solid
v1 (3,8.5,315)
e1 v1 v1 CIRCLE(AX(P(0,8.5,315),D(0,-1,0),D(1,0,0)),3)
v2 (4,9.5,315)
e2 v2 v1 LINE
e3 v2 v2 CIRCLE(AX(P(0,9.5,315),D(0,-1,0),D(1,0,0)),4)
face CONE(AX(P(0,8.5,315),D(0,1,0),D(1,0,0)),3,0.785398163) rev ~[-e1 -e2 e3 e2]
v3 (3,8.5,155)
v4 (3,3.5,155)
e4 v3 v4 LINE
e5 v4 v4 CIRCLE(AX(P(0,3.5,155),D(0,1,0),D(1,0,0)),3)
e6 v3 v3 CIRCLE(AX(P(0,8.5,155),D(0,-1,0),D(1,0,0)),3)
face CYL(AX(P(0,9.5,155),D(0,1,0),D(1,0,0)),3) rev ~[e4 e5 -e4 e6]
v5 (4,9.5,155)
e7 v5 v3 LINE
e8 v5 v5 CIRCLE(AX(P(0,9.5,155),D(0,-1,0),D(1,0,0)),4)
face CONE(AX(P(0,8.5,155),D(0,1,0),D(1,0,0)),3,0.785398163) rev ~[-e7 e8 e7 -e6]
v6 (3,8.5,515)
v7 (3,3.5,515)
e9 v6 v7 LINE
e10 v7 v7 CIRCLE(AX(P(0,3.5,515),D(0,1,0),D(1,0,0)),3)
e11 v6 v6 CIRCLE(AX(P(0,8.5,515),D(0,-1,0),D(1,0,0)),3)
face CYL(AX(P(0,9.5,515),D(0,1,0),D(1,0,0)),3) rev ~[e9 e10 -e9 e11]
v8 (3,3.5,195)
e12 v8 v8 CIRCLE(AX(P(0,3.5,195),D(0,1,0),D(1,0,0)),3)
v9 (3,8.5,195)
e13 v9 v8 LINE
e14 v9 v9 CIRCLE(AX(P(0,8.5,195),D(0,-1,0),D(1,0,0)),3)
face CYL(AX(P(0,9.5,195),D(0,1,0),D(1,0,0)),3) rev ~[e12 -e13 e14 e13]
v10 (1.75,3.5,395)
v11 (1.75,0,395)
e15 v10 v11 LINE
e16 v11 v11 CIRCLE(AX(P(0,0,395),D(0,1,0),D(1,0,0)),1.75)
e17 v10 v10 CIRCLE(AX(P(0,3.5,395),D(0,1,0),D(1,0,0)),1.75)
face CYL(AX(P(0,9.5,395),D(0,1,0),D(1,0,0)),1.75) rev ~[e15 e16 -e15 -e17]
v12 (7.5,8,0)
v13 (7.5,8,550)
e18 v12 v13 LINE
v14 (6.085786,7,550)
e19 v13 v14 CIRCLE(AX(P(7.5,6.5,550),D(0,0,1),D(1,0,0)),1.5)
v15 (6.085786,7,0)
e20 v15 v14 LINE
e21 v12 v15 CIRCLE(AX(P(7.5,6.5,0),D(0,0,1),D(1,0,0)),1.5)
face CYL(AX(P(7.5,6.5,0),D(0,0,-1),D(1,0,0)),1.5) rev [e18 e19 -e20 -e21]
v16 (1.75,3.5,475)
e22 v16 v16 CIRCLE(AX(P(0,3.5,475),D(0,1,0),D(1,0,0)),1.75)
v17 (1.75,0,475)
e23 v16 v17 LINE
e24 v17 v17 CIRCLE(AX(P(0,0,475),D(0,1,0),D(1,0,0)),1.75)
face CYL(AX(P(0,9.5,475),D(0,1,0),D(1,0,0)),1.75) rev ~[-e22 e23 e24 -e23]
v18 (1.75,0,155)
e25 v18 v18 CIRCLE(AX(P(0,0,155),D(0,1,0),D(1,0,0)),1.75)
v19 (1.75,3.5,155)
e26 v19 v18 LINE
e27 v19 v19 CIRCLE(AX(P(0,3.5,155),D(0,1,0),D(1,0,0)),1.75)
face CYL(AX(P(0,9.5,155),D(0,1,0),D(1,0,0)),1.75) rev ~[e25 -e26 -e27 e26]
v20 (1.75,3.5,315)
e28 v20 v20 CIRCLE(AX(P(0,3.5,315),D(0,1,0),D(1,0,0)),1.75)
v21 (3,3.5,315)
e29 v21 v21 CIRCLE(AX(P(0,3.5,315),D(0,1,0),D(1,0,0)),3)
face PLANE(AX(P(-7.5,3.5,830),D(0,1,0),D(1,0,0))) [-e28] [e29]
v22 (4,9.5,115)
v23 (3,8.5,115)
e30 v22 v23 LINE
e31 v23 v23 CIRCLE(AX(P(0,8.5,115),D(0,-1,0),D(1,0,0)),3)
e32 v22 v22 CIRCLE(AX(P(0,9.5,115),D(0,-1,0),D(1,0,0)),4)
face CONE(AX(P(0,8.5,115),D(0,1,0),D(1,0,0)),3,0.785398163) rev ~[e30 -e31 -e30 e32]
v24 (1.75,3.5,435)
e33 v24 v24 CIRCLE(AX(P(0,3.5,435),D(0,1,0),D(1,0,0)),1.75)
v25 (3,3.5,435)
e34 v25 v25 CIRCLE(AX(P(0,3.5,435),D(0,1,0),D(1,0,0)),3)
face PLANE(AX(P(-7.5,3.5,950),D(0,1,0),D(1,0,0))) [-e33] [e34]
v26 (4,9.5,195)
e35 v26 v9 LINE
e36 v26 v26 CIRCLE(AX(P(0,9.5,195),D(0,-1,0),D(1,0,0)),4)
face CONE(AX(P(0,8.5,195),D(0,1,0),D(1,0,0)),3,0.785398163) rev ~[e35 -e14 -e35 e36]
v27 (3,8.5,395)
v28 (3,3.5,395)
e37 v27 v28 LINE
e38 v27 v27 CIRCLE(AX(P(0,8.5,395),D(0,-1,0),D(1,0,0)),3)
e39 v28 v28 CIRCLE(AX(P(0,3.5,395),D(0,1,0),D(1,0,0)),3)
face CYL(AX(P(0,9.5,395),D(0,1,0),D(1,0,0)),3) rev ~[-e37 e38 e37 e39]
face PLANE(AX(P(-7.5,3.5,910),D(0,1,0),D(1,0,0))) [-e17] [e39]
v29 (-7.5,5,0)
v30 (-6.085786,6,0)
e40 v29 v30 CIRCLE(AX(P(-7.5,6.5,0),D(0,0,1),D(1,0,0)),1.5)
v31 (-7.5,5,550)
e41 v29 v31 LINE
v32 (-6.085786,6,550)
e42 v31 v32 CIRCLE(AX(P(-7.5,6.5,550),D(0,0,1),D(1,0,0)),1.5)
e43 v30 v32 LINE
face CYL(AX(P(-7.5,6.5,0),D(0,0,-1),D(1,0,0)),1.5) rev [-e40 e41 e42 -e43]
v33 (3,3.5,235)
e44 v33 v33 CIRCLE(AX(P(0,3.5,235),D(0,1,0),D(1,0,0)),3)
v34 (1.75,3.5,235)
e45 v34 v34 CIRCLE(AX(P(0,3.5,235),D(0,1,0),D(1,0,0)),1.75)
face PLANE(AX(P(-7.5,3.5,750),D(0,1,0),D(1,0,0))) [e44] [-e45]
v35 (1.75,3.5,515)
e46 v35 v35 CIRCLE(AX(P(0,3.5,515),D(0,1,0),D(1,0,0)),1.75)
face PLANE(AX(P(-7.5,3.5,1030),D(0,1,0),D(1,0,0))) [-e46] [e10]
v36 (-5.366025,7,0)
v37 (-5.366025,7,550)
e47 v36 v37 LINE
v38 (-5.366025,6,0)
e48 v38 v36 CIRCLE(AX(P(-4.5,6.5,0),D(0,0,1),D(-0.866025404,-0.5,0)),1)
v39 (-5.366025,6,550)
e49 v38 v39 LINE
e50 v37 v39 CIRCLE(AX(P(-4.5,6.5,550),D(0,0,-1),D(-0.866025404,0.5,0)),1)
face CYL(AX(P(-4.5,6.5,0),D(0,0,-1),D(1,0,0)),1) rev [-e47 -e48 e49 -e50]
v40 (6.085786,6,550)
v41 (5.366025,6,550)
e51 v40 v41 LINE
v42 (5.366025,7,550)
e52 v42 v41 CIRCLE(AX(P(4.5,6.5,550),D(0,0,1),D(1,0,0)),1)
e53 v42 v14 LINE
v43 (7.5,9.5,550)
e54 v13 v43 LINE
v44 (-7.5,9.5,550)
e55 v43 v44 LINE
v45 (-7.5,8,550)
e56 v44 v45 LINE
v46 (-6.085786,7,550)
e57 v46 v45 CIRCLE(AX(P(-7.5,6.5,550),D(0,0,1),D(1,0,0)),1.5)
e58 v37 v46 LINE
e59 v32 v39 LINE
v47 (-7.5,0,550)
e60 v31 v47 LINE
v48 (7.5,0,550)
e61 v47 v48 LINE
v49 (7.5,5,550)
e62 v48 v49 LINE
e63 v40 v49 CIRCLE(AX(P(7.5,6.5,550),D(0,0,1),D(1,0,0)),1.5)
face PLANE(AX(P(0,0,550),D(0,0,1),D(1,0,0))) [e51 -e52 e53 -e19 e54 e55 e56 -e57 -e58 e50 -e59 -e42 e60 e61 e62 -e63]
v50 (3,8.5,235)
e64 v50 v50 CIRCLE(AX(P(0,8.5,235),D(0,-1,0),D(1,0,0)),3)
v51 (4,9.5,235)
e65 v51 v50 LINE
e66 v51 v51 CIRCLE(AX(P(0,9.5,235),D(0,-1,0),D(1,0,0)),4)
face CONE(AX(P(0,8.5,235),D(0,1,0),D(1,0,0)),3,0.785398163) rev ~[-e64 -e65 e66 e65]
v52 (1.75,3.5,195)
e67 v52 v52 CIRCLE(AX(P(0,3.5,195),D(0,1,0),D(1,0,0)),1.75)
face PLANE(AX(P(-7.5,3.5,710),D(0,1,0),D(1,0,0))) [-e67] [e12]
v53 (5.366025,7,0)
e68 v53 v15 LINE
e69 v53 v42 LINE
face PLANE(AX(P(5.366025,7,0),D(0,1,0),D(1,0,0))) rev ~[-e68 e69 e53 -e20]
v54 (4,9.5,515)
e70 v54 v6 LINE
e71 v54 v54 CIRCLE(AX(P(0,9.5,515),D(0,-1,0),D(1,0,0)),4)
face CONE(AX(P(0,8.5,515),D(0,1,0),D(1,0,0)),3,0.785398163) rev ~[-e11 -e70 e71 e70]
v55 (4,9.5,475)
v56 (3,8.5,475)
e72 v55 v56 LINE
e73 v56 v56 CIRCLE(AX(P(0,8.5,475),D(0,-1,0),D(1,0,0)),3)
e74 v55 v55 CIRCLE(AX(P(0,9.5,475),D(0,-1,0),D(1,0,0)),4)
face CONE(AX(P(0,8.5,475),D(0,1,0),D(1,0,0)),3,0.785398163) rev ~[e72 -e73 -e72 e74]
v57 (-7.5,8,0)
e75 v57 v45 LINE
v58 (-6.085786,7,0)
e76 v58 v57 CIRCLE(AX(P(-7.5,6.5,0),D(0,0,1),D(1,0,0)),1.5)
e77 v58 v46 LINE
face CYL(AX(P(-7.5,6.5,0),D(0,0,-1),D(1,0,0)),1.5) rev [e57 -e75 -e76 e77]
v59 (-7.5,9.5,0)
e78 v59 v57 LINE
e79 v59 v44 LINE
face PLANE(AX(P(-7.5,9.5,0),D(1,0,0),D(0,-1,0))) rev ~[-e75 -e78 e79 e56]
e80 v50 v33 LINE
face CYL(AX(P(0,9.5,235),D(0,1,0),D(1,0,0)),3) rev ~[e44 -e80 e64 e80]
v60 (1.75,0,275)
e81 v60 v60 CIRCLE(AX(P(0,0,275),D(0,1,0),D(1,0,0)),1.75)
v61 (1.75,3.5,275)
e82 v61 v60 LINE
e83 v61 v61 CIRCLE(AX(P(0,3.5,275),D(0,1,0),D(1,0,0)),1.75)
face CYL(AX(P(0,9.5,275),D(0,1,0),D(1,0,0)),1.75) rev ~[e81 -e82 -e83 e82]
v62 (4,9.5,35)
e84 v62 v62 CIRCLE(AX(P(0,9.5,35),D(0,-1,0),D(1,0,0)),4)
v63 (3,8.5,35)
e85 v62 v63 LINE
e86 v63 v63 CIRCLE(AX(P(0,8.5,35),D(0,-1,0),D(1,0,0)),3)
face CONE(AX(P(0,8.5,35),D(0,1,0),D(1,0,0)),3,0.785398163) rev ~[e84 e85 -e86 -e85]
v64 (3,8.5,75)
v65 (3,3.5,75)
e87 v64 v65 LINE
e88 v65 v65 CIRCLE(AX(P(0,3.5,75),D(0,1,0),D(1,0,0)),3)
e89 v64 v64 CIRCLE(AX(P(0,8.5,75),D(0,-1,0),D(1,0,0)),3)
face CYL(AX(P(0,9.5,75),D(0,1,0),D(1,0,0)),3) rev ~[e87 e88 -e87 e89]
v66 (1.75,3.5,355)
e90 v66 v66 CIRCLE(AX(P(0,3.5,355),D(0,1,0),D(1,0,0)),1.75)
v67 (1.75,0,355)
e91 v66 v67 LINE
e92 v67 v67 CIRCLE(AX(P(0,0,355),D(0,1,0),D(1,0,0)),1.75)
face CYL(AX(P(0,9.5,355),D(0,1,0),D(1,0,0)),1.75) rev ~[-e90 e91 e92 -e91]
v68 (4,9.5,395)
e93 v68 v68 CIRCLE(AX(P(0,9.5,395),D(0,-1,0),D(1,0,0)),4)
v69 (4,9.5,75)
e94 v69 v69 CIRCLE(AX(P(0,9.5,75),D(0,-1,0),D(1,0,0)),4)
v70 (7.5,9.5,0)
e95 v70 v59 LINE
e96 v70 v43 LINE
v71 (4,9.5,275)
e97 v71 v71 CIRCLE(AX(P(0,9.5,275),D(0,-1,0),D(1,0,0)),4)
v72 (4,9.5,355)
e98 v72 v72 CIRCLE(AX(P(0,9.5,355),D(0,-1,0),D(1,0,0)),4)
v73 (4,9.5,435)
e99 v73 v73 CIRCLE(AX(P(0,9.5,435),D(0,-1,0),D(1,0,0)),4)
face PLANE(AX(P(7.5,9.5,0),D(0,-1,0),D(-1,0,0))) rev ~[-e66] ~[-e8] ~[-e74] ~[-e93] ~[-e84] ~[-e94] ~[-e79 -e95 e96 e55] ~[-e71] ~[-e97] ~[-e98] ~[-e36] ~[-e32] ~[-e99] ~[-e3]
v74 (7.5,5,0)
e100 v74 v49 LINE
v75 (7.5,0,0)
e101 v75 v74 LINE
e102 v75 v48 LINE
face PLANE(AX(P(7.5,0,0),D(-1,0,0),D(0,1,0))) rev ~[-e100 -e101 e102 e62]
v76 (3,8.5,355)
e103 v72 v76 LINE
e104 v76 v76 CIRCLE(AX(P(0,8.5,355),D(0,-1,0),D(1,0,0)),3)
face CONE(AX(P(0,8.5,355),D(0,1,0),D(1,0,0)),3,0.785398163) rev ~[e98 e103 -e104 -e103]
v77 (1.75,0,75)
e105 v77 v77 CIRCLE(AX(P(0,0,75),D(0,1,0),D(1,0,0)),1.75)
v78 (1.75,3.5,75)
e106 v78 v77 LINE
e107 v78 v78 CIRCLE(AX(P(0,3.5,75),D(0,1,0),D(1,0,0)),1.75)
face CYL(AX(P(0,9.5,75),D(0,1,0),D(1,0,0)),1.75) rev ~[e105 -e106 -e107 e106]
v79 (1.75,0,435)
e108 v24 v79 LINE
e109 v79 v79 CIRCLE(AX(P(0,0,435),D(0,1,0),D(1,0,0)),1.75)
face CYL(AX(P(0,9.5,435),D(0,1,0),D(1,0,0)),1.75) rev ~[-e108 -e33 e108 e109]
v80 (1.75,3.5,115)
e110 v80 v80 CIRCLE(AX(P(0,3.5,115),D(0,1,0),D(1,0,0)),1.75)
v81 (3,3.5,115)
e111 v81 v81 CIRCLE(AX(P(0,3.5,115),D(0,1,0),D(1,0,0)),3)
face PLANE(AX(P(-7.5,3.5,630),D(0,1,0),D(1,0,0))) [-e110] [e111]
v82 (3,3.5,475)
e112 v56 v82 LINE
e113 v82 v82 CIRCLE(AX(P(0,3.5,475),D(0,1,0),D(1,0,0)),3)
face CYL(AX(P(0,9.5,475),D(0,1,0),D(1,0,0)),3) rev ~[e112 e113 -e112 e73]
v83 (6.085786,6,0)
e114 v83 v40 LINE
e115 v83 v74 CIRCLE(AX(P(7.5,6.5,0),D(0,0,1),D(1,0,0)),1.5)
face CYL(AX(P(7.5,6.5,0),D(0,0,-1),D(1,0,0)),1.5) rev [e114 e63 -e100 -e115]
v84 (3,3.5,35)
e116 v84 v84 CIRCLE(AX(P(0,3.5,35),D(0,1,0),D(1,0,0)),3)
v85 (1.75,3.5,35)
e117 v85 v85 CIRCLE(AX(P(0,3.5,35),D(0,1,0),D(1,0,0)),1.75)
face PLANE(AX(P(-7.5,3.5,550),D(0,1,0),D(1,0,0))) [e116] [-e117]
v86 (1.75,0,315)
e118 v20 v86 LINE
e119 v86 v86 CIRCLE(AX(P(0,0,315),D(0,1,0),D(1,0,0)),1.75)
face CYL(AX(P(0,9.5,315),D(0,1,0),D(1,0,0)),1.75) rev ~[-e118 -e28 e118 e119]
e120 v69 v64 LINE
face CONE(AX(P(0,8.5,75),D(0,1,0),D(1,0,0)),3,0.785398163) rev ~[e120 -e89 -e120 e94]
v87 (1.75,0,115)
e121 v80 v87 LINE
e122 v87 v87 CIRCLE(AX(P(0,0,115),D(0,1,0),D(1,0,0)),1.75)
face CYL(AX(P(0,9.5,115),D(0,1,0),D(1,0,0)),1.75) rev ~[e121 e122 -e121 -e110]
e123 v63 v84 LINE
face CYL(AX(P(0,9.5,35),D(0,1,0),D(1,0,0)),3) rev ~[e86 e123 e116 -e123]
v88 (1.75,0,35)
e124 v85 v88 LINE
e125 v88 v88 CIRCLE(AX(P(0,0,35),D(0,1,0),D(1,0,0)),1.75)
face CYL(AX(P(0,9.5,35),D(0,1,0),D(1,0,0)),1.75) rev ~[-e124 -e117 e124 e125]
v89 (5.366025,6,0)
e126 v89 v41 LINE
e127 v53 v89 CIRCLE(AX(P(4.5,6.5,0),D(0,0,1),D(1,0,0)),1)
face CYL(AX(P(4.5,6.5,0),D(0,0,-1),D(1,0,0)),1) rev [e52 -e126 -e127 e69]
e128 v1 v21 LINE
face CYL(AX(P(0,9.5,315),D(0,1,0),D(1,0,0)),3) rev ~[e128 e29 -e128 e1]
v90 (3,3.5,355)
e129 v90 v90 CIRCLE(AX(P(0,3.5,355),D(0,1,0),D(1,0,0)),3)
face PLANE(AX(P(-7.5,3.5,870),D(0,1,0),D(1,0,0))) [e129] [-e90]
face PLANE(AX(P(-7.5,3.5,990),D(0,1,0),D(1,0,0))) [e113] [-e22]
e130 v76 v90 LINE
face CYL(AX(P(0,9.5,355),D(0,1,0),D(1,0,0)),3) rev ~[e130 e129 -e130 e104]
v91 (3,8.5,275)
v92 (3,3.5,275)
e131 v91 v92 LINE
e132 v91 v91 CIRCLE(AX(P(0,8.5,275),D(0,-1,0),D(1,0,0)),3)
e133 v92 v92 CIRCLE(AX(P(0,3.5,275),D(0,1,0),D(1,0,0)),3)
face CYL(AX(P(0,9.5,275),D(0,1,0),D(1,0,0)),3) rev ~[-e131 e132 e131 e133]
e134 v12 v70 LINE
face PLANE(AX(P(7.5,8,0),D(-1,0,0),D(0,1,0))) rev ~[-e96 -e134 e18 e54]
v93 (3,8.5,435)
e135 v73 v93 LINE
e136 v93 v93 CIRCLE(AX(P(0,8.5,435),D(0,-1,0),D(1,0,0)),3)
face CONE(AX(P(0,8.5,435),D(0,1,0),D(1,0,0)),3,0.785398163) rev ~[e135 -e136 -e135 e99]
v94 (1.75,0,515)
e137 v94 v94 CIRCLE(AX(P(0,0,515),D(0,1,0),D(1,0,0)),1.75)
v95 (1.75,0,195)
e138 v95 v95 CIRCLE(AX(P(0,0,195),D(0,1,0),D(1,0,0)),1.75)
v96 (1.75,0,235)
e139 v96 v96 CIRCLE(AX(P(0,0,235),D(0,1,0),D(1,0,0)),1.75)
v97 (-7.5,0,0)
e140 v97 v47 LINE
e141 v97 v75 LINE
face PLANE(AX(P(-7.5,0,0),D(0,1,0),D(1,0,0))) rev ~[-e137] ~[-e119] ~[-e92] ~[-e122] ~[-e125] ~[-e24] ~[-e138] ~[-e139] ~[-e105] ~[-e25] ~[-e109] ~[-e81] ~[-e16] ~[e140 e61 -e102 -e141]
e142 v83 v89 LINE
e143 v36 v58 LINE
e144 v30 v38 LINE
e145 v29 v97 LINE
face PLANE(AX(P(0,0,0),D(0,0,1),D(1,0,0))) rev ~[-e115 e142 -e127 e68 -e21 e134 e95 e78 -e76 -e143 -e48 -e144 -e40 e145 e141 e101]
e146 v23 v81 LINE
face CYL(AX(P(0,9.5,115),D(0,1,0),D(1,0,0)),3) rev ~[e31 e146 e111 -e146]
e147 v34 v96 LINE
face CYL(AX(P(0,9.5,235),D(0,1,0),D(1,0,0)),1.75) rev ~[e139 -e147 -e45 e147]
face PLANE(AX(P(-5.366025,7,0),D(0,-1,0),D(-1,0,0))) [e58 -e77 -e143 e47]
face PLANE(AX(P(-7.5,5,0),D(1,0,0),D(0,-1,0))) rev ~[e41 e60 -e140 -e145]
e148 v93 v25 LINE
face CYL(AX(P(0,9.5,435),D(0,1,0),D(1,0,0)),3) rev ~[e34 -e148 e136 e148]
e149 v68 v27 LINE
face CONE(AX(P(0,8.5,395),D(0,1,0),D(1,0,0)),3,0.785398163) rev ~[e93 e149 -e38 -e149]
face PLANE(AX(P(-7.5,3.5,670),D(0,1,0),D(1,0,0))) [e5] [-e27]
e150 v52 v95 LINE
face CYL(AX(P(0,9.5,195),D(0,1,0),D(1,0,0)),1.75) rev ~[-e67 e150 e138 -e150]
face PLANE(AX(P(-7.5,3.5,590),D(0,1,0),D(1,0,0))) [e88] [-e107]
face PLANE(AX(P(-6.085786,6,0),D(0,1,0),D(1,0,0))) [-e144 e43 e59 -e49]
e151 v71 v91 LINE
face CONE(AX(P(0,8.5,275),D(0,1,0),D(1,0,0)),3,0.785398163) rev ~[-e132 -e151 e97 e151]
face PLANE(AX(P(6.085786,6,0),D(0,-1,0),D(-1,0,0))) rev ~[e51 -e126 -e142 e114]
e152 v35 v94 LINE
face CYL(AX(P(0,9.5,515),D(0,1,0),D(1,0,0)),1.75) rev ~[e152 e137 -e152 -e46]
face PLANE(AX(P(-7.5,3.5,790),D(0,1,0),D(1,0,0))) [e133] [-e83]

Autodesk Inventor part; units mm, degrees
ref_plane "YZ Plane" through (0, 0, 0) normal (1, 0, 0) x (0, 1, 0)
ref_plane "XZ Plane" through (0, 0, 0) normal (0, 1, 0) x (-1, 0, 0)
ref_plane "XY Plane" through (0, 0, 0) normal (0, 0, 1) x (1, 0, 0)
sketch "Skizze1" plane through (0, 0, 0) normal (0, 0, 1) x (1, 0, 0)
  line L0 (0, -1.9) -> (0, 11.4) construction
  line L1 (-7.5, 0) -> (7.5, 0)
  line L2 (7.5, 0) -> (7.5, 9.5)
  line L3 (7.5, 9.5) -> (-7.5, 9.5)
  line L4 (-7.5, 9.5) -> (-7.5, 0)
  circle A0 centre (-7.5, 6.5) radius 1.5
  line L5 (-12.6, 0) -> (12.6, 0) projected
  line L6 (-4.5, 6.5) -> (-7.5, 6.5) construction
  line L7 (-4.5, 7) -> (-7.5, 7)
  line L8 (-7.5, 6) -> (-4.5, 6)
  arc A1 (-4.5, 6) -> (-4.5, 7) centre (-4.5, 6.5) ccw
  arc A2 (-7.5, 7) -> (-7.5, 6) centre (-7.5, 6.5) ccw
  circle A3 centre (-4.5, 6.5) radius 1
  circle A4 centre (7.5, 6.5) radius 1.5
  line L9 (4.5, 7) -> (7.5, 7)
  line L10 (7.5, 6) -> (4.5, 6)
  arc A5 (4.5, 7) -> (4.5, 6) centre (4.5, 6.5) ccw
  circle A6 centre (4.5, 6.5) radius 1
  point P0 (0, 0)
  point P1 (0, 0)
  point P2 (-7.5, 8)
  point P3 (-7.5, 5)
  point P4 (-6, 6.5)
  point P5 (6, 6.5)
  point P6 (-6.0858, 7)
  point P7 (-5.366, 7)
  point P8 (-5.366, 6)
  point P9 (-6.0858, 6)
  point P10 (7.5, 5)
  point P11 (6.0858, 6)
  point P12 (5.366, 6)
  point P13 (5.366, 7)
  point P14 (6.0858, 7)
  point P15 (7.5, 8)
  dimension "d2" = 3
  dimension "d0" = 15
  dimension "d1" = 9.5
  dimension "d3" = 3
  dimension "d6" = 1
  dimension "d7" = 2
extrude "Extrusion1" add sketch "Skizze1" along normal blind 550 contours L4 A0 L8 A3 L7 L3 L2 A4 L9 A6 L10 L1
sketch "Skizze2" plane through (-7.5, 9.5, 550) normal (0, 1, 0) x (1, 0, 0)
  line L0 (-3, 550) -> (18, 550) projected
  line L1 (7.5, 660) -> (7.5, -110) projected
  circle A0 centre (7.5, 515) radius 3
  circle A1 centre (7.5, 515) radius 1.75
  point P0 (7.5, 550)
  dimension "d8" = 6
  dimension "d9" = 3.5
  dimension "d10" = 35
extrude "Extrusion2" cut sketch "Skizze2" against normal blind 6
extrude "Extrusion3" cut sketch "Skizze2" against normal blind 15 contours A1 L1 | L1 A1
chamfer "Fase1" distance 1 angle 45 1 edges at (-3, 9.5, 35)
pattern_linear "Rechteckige Anordnung1" count 13 spacing 40 along (0, 0, 1) of "Extrusion2", "Extrusion3", "Fase1"
equation "\"d4\" = Raillänge"
equation "\"Raillänge\" = 550"
properties part number "MGN15 Linear Rail 550mm"
